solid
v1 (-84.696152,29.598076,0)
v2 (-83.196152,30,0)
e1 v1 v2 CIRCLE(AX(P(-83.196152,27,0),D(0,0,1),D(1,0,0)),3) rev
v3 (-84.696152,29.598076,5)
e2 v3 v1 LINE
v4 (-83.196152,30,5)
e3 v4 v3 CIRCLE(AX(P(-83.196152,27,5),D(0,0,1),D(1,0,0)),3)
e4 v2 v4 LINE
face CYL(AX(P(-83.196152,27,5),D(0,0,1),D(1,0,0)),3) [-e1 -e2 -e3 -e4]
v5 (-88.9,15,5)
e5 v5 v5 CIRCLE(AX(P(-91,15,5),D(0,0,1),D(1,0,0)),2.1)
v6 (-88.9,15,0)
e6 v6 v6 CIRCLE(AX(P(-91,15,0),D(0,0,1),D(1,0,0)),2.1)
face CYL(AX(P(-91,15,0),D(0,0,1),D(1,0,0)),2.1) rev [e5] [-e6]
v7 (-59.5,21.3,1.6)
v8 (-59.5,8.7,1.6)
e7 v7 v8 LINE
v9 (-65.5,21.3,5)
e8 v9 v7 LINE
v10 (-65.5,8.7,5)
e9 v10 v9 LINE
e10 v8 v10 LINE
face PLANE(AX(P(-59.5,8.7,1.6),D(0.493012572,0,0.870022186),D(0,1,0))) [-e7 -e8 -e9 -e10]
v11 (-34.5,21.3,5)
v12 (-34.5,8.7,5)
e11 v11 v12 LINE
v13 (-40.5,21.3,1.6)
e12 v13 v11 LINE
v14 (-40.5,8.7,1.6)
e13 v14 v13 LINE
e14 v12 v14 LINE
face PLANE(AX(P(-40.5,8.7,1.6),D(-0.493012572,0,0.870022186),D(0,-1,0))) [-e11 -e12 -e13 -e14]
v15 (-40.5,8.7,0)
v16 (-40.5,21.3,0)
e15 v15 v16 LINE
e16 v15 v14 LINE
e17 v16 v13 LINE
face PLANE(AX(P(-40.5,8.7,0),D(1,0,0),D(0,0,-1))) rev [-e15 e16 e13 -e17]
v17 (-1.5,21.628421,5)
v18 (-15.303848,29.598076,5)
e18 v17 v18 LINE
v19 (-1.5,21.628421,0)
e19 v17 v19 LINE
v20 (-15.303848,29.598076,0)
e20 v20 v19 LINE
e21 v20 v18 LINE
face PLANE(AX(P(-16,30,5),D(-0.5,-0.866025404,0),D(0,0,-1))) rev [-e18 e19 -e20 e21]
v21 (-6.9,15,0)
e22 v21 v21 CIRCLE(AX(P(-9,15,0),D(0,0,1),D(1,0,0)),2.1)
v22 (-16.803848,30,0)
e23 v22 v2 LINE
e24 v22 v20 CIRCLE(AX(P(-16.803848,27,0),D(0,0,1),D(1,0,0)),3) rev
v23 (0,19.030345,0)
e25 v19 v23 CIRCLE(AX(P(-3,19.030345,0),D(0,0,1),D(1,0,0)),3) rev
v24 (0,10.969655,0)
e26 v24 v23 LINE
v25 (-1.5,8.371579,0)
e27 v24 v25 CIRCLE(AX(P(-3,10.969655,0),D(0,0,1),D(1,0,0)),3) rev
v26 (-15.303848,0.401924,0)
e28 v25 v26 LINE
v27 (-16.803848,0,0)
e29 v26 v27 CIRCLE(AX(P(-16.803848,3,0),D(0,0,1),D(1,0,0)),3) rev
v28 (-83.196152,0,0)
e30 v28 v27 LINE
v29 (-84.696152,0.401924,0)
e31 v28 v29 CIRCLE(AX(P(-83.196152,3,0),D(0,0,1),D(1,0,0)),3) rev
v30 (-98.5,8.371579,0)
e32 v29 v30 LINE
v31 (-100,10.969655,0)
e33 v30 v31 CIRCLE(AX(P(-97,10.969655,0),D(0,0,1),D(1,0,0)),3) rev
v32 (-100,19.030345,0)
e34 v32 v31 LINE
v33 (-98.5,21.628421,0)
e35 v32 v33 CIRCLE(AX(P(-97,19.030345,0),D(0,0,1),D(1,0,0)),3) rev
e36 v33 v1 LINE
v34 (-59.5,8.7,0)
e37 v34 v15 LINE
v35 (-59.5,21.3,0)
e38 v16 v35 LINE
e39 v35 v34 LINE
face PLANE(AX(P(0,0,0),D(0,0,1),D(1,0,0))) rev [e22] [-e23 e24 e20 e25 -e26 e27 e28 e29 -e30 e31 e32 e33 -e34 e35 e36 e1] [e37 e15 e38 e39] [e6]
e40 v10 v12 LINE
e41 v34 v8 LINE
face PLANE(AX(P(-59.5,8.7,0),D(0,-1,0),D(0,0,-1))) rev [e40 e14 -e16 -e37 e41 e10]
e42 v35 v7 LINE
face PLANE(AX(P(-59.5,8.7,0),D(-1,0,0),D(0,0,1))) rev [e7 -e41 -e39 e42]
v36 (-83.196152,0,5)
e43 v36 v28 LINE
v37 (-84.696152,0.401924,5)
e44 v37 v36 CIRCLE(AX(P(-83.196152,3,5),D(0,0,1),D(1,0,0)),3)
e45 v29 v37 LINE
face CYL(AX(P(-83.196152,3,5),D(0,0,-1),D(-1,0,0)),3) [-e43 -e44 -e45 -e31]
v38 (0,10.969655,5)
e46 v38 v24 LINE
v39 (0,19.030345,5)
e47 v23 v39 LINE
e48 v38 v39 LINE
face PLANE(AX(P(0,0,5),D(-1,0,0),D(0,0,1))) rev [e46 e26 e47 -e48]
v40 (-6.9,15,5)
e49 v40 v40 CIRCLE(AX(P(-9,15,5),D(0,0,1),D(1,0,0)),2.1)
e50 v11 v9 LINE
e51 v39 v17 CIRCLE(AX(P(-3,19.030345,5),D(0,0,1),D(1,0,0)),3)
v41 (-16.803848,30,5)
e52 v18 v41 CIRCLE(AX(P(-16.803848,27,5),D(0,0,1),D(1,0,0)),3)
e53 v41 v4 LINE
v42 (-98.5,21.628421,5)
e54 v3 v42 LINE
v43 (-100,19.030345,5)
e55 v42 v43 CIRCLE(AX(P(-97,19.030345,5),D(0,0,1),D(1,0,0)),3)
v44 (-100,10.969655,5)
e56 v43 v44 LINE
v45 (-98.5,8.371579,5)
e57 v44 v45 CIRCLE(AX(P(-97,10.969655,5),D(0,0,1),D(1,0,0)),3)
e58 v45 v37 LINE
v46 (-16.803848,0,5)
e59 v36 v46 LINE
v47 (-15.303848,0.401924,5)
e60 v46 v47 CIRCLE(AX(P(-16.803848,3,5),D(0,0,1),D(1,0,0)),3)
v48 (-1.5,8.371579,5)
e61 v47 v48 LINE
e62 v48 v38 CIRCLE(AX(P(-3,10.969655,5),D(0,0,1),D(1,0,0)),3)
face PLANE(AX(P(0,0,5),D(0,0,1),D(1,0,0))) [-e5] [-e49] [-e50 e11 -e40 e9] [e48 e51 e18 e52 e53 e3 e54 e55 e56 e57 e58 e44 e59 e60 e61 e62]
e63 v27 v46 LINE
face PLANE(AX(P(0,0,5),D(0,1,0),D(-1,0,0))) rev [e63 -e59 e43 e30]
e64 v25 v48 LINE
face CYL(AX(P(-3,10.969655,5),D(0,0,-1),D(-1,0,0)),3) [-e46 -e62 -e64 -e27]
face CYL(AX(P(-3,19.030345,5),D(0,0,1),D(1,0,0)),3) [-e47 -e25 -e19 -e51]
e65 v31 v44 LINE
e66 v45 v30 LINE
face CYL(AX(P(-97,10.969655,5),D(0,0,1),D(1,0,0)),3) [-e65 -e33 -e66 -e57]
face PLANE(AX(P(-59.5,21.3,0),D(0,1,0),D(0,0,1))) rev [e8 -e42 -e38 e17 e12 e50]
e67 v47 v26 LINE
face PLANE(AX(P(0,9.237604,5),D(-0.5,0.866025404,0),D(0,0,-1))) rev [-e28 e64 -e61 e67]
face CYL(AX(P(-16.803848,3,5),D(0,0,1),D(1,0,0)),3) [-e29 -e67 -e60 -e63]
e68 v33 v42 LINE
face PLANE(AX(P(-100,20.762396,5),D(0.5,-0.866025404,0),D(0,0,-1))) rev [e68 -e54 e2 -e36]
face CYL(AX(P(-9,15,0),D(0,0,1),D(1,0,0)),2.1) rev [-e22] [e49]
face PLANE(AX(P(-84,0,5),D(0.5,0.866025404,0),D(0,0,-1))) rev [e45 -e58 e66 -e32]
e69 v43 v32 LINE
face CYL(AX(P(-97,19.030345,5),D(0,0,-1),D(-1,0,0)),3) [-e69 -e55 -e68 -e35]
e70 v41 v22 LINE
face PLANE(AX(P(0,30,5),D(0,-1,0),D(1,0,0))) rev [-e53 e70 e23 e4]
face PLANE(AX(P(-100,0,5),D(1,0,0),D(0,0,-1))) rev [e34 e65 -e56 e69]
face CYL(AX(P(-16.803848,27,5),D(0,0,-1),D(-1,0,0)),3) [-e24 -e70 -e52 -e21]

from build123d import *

# Parameters (mm, degrees)
SKETCH1_W             = 100
SKETCH1_H             = 30
BOSS_EXTRUDE1_DEPTH   = 5
CHAMFER1_SIZE         = 16
CHAMFER1_SIZE2        = 9.237604307
CHAMFER1_PART_2_SIZE  = 16
CHAMFER1_PART_2_SIZE2 = 9.237604307
FILLET1_R             = 3
SKETCH2_R             = 2.1
CUT_EXTRUDE1_DEPTH    = 6
SKETCH3_W             = 19
SKETCH3_H             = 12.6
CUT_EXTRUDE2_DEPTH    = 6
CHAMFER2_SIZE         = 6
CHAMFER2_SIZE2        = 3.4


with BuildPart() as part:
    # Sketch1 → Boss-Extrude1 (new body)
    with BuildSketch(Plane.XY):
        with Locations((-50, 15)):
            Rectangle(SKETCH1_W, SKETCH1_H)
    extrude(amount=BOSS_EXTRUDE1_DEPTH)

    # Chamfer1
    chamfer1_edges = [part.edges().sort_by_distance(p)[0] for p in [
        (0, 0, 2.5),
        (-100, 0, 2.5),
    ]]
    chamfer1_side = [part.faces().sort_by_distance(p)[0] for p in [
        (-50, 0, 2.5),
    ]]
    chamfer(chamfer1_edges, length=CHAMFER1_SIZE, length2=CHAMFER1_SIZE2, reference=chamfer1_side[0])

    # Chamfer1 part 2
    chamfer1_part_2_edges = [part.edges().sort_by_distance(p)[0] for p in [
        (-100, 30, 2.5),
        (0, 30, 2.5),
    ]]
    chamfer1_part_2_side = [part.faces().sort_by_distance(p)[0] for p in [
        (-50, 30, 2.5),
    ]]
    chamfer(chamfer1_part_2_edges, length=CHAMFER1_PART_2_SIZE, length2=CHAMFER1_PART_2_SIZE2, reference=chamfer1_part_2_side[0])

    # Fillet1
    fillet1_edges = [part.edges().sort_by_distance(p)[0] for p in [
        (-84, 30, 2.5),
        (-16, 30, 2.5),
        (0, 9.237604307, 2.5),
        (0, 20.762395693, 2.5),
        (-84, 0, 2.5),
        (-16, 0, 2.5),
        (-100, 20.762395693, 2.5),
        (-100, 9.237604307, 2.5),
    ]]
    fillet(fillet1_edges, radius=FILLET1_R)

    # Sketch2 → Cut-Extrude1 (cut, through all)
    with BuildSketch(Plane.XY.offset(5)):
        with Locations((-91, 15)):
            Circle(SKETCH2_R)
        with Locations((-9, 15)):
            Circle(SKETCH2_R)
    extrude(amount=-CUT_EXTRUDE1_DEPTH, mode=Mode.SUBTRACT)

    # Sketch3 → Cut-Extrude2 (cut, through all)
    with BuildSketch(Plane.XY.offset(5)):
        with Locations((-50, 15)):
            Rectangle(SKETCH3_W, SKETCH3_H)
    extrude(amount=-CUT_EXTRUDE2_DEPTH, mode=Mode.SUBTRACT)

    # Chamfer2
    chamfer2_edges = [part.edges().sort_by_distance(p)[0] for p in [
        (-59.5, 15, 5),
        (-40.5, 15, 5),
    ]]
    chamfer2_side = [part.faces().sort_by_distance(p)[0] for p in [
        (-1.044030651, 15, 5),
    ]]
    chamfer(chamfer2_edges, length=CHAMFER2_SIZE, length2=CHAMFER2_SIZE2, reference=chamfer2_side[0])


solid = part.part
